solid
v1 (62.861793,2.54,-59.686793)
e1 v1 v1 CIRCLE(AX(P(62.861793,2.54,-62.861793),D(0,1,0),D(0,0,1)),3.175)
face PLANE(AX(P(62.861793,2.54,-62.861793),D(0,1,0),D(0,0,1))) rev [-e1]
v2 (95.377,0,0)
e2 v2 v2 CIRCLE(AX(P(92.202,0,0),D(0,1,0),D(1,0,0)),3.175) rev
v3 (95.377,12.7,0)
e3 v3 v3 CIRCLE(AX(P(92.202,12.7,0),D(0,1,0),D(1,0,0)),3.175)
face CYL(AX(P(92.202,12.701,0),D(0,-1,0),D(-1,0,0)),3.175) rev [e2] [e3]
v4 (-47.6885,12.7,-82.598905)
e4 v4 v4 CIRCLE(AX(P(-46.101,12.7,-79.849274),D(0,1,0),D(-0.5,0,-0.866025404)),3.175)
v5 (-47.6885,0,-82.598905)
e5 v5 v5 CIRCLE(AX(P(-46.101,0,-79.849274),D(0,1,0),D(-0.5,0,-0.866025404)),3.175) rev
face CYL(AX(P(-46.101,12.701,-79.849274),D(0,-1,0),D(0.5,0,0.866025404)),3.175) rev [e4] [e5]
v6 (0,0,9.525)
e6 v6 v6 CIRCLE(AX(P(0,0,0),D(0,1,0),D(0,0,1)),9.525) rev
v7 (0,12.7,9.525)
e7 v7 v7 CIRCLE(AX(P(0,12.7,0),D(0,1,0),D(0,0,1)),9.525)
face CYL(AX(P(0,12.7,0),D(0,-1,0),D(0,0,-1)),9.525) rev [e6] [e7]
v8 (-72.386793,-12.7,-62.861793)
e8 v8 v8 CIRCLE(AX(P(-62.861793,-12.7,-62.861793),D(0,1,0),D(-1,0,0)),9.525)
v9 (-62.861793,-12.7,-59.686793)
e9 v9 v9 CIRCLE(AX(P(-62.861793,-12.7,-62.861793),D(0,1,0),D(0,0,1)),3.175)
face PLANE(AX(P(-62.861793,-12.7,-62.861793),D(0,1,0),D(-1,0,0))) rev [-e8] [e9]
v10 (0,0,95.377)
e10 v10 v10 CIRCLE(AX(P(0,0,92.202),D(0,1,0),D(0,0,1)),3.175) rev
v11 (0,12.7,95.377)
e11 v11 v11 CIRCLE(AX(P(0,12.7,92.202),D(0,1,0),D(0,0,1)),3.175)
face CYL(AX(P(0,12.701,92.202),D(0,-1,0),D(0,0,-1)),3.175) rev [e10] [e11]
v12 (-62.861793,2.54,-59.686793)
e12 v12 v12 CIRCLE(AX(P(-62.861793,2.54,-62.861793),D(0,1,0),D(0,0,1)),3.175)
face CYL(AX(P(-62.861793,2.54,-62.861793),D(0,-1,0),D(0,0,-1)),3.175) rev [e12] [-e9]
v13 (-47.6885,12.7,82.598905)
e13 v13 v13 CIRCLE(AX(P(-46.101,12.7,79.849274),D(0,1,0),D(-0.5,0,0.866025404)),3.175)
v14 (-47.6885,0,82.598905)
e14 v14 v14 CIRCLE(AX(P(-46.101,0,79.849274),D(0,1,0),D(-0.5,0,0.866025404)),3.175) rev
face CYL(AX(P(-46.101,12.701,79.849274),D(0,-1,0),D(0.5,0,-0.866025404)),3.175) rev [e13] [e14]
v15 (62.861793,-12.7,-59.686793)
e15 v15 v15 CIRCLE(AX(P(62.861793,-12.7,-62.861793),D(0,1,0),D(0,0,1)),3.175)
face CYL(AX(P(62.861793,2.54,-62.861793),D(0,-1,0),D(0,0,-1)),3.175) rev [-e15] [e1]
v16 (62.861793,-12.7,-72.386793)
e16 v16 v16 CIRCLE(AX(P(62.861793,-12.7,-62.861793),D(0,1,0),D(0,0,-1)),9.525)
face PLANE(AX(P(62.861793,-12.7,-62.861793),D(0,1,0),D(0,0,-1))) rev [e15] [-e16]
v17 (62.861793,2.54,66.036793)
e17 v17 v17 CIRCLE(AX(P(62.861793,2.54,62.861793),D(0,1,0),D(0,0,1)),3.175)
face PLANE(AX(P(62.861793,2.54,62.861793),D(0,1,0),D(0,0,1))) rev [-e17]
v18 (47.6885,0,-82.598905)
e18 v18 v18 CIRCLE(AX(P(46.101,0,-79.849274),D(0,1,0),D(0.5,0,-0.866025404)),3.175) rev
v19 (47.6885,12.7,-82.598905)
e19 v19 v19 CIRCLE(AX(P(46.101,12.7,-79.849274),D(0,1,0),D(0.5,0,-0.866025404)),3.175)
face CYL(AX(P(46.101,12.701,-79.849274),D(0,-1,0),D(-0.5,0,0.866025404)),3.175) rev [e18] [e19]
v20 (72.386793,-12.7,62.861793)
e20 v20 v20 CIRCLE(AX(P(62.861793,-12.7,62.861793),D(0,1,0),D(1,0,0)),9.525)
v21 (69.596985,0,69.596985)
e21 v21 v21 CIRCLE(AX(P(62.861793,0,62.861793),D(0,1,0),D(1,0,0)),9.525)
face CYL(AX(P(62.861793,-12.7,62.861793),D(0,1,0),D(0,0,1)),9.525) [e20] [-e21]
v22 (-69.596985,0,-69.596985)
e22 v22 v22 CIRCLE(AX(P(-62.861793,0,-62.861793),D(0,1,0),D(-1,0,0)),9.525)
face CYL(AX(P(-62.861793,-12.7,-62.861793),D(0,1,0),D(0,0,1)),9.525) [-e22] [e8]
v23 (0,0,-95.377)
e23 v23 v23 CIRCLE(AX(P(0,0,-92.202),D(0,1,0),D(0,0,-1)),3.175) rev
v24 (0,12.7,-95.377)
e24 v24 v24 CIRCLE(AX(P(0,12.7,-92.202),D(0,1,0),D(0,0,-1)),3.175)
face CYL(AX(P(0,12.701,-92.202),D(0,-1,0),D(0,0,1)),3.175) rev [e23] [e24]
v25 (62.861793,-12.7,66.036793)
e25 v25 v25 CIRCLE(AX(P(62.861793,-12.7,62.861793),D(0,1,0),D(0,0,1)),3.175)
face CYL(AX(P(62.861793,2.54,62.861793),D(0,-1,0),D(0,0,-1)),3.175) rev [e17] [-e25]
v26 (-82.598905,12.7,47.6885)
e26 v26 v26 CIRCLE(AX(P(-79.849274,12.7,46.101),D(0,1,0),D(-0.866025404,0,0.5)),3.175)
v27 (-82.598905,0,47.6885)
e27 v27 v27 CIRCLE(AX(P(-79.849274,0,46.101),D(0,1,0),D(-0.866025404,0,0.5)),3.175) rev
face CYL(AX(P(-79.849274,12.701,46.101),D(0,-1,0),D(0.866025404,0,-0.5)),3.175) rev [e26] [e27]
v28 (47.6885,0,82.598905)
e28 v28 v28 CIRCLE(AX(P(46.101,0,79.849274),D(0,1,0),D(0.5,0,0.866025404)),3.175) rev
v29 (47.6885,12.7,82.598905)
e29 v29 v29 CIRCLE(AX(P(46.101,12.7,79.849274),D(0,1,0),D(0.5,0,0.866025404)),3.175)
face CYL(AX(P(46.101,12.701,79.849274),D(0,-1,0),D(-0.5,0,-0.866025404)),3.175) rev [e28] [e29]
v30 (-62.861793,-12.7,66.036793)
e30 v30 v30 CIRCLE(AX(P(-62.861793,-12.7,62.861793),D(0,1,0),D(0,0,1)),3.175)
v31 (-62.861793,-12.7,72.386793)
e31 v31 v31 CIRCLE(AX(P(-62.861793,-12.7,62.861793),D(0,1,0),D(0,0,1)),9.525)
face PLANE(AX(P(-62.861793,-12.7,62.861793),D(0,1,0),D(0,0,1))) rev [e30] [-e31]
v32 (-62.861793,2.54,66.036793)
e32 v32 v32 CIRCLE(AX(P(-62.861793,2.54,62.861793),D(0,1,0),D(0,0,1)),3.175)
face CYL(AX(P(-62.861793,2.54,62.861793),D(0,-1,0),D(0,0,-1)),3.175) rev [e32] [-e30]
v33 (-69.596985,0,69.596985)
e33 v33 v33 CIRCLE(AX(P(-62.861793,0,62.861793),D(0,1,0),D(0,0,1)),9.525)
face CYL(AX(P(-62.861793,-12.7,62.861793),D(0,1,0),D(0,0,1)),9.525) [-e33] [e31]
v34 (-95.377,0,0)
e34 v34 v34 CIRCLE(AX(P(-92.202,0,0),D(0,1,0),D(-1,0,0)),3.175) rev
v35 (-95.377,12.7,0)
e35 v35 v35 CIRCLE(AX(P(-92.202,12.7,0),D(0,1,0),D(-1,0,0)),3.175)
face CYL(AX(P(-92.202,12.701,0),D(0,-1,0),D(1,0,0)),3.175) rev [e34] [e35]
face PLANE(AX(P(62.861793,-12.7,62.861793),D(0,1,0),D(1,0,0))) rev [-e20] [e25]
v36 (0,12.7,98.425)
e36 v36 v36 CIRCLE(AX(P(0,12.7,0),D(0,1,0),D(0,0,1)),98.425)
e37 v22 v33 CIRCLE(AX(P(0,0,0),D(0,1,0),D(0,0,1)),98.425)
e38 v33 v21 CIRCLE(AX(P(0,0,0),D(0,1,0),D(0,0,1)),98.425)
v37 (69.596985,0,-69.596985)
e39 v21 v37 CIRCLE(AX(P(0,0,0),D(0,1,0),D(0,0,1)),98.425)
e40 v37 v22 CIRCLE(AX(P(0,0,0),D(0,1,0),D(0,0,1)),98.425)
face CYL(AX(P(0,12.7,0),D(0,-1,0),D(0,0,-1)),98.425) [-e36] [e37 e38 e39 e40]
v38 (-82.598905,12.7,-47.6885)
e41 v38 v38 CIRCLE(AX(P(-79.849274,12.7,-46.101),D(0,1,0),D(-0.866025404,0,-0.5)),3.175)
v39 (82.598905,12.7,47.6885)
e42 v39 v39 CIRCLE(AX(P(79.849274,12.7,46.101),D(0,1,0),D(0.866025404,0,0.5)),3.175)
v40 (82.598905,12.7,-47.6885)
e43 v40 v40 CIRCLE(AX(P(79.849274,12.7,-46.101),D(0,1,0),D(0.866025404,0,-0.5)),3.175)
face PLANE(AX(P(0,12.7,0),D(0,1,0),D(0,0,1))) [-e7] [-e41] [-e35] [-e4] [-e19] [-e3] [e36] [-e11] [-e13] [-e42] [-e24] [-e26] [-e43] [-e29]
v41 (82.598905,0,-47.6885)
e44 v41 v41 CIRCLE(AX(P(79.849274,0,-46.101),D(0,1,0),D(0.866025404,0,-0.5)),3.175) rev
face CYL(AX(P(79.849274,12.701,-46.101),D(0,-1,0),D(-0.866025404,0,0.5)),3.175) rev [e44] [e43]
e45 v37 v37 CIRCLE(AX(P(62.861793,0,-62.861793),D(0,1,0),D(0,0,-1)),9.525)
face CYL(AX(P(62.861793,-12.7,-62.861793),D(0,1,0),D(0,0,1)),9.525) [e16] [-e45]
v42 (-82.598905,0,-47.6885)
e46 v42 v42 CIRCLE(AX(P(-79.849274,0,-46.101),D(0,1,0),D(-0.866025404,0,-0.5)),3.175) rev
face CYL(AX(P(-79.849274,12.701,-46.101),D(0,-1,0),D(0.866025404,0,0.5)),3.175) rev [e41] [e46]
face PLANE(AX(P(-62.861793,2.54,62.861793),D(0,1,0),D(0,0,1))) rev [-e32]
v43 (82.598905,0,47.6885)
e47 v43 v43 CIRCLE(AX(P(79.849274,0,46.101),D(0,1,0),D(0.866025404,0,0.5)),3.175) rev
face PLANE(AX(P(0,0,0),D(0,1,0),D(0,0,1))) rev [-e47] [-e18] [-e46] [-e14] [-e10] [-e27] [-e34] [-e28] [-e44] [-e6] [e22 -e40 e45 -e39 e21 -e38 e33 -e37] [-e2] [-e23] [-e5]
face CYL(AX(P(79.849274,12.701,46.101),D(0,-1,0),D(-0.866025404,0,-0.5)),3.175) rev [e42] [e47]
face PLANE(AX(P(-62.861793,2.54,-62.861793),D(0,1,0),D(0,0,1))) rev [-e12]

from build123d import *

# Parameters (mm, degrees)
SKETCH2_R               = 98.425
BOSS_EXTRUDE1_DEPTH     = 12.7
SKETCH3_R               = 9.525
CUT_EXTRUDE4_DEPTH      = 12.7
CUT_EXTRUDE4_DEPTH_BACK = 12.7
CUT_EXTRUDE9_START      = -2.54
SKETCH5_R               = 3.175
CUT_EXTRUDE9_DEPTH      = 15.24
CIRPATTERN1_COUNT       = 12
SKETCH6_R               = 9.525
BOSS_EXTRUDE2_DEPTH     = 12.7
CUT_EXTRUDE10_START     = -12.7
SKETCH8_R               = 3.175
CUT_EXTRUDE10_DEPTH     = 15.24
CIRPATTERN2_COUNT       = 4


with BuildPart() as part:
    # Sketch2 → Boss-Extrude1 (new body)
    with BuildSketch(Plane(origin=(0, 0, 0), x_dir=(1, 0, 0), z_dir=(0, 1, 0))):
        Circle(SKETCH2_R)
    extrude(amount=BOSS_EXTRUDE1_DEPTH)

    # Sketch3 → Cut-Extrude4 (cut, two sides)
    with BuildSketch(Plane(origin=(0, 0, 0), x_dir=(1, 0, 0), z_dir=(0, 1, 0))) as cut_extrude4_sk:
        Circle(SKETCH3_R)
    extrude(amount=CUT_EXTRUDE4_DEPTH, mode=Mode.SUBTRACT)
    extrude(cut_extrude4_sk.sketch, amount=-CUT_EXTRUDE4_DEPTH_BACK, mode=Mode.SUBTRACT)

    # Sketch5 → Cut-Extrude9 (cut)
    with BuildSketch(Plane(origin=(0, 0, 0), x_dir=(1, 0, 0), z_dir=(0, 1, 0)).offset(CUT_EXTRUDE9_START)):
        with Locations((0, -92.202)):
            Circle(SKETCH5_R)
    cut_extrude9 = extrude(amount=CUT_EXTRUDE9_DEPTH, mode=Mode.SUBTRACT)

    # CirPattern1: Cut-Extrude9 ×12 about axis
    cirpattern1_axis = Axis((0, 0, 0), (0, 1, 0))
    for i in range(1, CIRPATTERN1_COUNT):
        add(cut_extrude9.rotate(cirpattern1_axis, i * 360 / CIRPATTERN1_COUNT), mode=Mode.SUBTRACT)

    # Sketch6 → Boss-Extrude2 (add)
    with BuildSketch(Plane(origin=(0, 0, 0), x_dir=(-1, 0, 0), z_dir=(0, 1, 0))):
        with Locations((62.861792847, 62.861792847)):
            Circle(SKETCH6_R)
    boss_extrude2 = extrude(amount=-BOSS_EXTRUDE2_DEPTH)

    # Sketch8 → Cut-Extrude10 (cut)
    with BuildSketch(Plane(origin=(0, 0, 0), x_dir=(1, 0, 0), z_dir=(0, 1, 0)).offset(CUT_EXTRUDE10_START)):
        with Locations((-62.861792847, -62.861792847)):
            Circle(SKETCH8_R)
    cut_extrude10 = extrude(amount=CUT_EXTRUDE10_DEPTH, mode=Mode.SUBTRACT)

    # CirPattern2: Boss-Extrude2, Cut-Extrude10 ×4 about axis
    cirpattern2_axis = Axis((0, 0, 0), (0, 1, 0))
    for i in range(1, CIRPATTERN2_COUNT):
        add(boss_extrude2.rotate(cirpattern2_axis, i * 360 / CIRPATTERN2_COUNT))
        add(cut_extrude10.rotate(cirpattern2_axis, i * 360 / CIRPATTERN2_COUNT), mode=Mode.SUBTRACT)


solid = part.part
